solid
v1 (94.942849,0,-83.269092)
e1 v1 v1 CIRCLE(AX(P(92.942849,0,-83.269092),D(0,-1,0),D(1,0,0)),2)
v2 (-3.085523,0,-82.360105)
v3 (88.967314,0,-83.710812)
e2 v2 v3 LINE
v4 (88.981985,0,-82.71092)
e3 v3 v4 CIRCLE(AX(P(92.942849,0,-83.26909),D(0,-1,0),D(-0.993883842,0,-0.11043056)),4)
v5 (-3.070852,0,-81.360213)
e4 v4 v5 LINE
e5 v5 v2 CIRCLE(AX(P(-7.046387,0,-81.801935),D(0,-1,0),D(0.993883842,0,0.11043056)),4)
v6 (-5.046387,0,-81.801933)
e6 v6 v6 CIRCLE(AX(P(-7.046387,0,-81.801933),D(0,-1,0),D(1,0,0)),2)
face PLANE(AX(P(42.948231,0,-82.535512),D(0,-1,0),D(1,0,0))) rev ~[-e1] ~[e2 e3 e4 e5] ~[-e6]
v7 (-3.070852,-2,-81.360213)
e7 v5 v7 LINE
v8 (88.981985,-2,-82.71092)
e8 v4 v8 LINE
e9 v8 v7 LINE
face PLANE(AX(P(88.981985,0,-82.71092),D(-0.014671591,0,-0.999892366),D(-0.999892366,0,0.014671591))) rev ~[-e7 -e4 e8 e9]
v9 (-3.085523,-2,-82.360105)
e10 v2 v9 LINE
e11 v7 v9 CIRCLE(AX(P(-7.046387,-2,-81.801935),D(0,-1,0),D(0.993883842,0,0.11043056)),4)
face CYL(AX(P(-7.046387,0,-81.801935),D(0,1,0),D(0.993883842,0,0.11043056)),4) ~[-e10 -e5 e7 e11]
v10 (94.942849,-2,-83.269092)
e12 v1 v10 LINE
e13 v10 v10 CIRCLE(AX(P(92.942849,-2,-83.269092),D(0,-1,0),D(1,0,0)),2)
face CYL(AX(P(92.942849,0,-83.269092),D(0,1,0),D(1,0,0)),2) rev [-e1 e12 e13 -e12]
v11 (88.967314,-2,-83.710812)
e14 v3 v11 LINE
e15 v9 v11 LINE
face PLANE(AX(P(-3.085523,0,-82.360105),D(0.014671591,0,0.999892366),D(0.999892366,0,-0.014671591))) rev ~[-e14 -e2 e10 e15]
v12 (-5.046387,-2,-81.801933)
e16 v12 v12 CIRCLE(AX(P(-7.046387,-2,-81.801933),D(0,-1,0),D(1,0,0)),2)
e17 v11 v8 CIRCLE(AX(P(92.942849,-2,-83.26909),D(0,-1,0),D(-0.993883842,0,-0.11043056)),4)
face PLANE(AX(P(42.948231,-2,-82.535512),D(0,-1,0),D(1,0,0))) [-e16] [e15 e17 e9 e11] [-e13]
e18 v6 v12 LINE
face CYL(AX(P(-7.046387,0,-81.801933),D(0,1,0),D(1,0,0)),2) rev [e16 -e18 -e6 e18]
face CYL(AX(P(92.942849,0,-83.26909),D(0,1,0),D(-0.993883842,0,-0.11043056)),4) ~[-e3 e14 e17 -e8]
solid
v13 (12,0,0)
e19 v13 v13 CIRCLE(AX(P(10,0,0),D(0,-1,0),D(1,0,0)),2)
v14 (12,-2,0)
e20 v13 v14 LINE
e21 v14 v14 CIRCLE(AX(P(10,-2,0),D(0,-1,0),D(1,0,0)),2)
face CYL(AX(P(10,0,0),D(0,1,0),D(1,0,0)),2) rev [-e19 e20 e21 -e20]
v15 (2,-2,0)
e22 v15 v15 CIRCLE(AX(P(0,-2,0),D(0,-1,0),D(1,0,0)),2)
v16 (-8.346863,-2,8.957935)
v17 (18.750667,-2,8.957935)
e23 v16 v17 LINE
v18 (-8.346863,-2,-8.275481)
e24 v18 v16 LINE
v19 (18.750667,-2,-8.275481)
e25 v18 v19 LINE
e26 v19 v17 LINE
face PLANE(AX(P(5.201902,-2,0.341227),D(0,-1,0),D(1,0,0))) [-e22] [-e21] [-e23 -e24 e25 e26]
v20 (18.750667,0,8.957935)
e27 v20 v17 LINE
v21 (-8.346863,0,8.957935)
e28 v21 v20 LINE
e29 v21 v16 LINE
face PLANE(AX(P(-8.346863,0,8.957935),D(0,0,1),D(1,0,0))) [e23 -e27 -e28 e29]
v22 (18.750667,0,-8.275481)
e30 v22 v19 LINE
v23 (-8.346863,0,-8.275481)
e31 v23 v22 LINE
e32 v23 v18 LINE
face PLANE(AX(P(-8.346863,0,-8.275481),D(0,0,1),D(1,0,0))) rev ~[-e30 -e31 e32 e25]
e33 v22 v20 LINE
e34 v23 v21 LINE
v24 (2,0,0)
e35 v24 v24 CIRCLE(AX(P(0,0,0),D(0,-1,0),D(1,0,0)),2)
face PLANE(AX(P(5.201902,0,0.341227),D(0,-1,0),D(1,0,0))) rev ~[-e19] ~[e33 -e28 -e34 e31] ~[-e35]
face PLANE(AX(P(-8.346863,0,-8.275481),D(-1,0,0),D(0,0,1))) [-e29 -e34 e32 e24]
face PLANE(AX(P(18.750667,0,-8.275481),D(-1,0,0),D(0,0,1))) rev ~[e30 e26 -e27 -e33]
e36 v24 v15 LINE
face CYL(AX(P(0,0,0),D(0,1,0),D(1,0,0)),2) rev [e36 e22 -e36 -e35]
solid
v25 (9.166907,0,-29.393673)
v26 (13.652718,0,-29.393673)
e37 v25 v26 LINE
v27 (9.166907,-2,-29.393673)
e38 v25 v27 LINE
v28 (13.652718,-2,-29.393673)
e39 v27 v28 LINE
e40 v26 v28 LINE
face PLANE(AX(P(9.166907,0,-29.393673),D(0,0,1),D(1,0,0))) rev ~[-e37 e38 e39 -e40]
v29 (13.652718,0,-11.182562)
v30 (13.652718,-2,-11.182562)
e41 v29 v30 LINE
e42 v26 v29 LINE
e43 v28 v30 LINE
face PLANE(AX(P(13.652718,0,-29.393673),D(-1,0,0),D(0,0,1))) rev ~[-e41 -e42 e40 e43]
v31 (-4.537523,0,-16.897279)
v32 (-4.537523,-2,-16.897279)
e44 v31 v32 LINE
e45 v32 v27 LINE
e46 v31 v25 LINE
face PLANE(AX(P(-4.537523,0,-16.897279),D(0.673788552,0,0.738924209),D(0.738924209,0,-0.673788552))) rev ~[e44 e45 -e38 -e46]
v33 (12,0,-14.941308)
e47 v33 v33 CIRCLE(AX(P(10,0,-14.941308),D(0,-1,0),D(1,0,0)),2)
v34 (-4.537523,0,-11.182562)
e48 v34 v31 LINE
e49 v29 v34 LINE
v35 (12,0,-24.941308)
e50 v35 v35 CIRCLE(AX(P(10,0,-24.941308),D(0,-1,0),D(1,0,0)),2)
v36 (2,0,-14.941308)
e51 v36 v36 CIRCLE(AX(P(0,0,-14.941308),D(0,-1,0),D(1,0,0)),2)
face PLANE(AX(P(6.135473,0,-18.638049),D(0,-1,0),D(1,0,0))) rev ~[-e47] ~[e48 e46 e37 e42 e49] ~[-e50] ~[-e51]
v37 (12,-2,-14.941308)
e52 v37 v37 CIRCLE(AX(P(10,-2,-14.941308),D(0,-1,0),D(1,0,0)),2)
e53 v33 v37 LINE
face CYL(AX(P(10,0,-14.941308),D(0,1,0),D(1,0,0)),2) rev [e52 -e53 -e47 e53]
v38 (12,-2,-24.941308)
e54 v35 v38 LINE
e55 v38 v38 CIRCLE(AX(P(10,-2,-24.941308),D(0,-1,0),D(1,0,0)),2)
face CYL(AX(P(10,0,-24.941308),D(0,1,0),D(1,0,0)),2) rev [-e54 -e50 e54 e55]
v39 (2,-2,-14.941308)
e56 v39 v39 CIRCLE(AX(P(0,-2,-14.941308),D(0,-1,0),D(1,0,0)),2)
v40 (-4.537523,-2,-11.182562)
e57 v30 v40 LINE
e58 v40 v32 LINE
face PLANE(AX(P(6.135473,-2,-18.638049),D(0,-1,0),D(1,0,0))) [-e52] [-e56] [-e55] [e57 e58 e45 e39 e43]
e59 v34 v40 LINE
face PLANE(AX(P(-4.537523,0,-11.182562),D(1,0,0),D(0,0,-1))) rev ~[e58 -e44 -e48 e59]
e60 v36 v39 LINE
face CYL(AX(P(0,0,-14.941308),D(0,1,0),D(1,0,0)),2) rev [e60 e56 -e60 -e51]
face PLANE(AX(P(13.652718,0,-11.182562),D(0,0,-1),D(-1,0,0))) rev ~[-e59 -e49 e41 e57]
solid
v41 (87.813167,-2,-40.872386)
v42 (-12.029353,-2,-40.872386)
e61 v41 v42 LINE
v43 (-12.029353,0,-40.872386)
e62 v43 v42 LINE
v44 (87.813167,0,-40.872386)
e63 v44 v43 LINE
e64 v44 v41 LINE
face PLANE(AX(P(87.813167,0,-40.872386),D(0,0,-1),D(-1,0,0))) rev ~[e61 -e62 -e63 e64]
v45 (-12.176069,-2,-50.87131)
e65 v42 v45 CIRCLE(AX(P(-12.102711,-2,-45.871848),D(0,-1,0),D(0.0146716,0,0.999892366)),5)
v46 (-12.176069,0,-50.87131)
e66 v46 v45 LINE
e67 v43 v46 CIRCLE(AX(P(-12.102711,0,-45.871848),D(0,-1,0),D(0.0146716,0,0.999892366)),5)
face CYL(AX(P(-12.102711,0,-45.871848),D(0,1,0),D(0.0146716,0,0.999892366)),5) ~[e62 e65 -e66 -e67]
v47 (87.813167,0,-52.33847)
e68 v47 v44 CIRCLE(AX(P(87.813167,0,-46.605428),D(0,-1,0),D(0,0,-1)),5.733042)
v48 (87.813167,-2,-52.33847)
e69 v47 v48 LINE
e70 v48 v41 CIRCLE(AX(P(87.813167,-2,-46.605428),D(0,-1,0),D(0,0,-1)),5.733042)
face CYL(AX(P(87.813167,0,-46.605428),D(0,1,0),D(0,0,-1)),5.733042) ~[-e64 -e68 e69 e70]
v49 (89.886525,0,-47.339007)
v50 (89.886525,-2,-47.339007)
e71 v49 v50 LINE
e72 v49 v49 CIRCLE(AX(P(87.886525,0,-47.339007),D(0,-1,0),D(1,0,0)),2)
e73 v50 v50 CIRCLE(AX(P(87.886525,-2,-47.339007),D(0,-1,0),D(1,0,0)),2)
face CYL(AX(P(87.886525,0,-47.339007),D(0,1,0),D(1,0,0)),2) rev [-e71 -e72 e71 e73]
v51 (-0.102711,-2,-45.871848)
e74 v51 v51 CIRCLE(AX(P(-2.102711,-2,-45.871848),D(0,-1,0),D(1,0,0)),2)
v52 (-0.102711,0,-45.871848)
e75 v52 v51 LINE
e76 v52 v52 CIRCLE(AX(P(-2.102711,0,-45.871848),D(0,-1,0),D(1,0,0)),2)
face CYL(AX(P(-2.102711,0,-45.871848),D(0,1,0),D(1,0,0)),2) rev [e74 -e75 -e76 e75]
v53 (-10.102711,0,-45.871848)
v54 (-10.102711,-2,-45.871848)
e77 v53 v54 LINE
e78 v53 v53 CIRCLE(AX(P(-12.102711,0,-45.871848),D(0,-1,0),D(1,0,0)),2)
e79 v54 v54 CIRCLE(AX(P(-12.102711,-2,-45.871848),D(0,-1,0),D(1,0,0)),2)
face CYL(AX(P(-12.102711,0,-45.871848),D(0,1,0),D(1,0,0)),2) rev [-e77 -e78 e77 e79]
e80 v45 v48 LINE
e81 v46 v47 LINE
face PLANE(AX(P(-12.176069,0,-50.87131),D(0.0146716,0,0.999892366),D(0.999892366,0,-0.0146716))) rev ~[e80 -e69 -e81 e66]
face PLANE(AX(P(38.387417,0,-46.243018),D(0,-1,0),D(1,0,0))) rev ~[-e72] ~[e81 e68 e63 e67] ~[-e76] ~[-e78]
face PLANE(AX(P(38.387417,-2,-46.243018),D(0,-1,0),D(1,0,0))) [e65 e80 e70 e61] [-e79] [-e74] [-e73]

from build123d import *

# Parameters (mm, degrees)
F0_W     = 27.097531
F0_H     = 17.233416
F0_R     = 2
F1_DEPTH = 2
F2_R     = 2
F3_DEPTH = 2
F4_R     = 2
F5_DEPTH = 2
F6_R     = 2
F7_DEPTH = 2


with BuildPart() as f1:
    # F0 (on Front) → F1 (new body)
    with BuildSketch(Plane.XZ):
        with Locations((5.201902, 0.341227)):
            Rectangle(F0_W, F0_H)
        Circle(F0_R, mode=Mode.SUBTRACT)
        with Locations((10, 0)):
            Circle(F0_R, mode=Mode.SUBTRACT)
    extrude(amount=F1_DEPTH)


with BuildPart() as f3:
    # F2 (on Front) → F3 (new body)
    with BuildSketch(Plane.XZ):
        Polygon((13.652718, -11.182562), (-4.537523, -11.182562), (-4.537523, -16.897279), (9.166907, -29.393673), (13.652718, -29.393673), align=None)
        with Locations((10, -24.941308)):
            Circle(F2_R, mode=Mode.SUBTRACT)
        with Locations((0, -14.941308)):
            Circle(F2_R, mode=Mode.SUBTRACT)
        with Locations((10, -14.941308)):
            Circle(F2_R, mode=Mode.SUBTRACT)
    extrude(amount=F3_DEPTH)


with BuildPart() as f5:
    # F4 (on Front) → F5 (new body)
    with BuildSketch(Plane.XZ):
        with BuildLine():
            Line((87.813167, -40.872386), (-12.029353, -40.872386))
            ThreePointArc((-12.029353, -40.872386), (-17.102173, -45.79849), (-12.176069, -50.87131))
            Line((-12.176069, -50.87131), (87.813167, -52.33847))
            ThreePointArc((87.813167, -52.33847), (93.546209, -46.605428), (87.813167, -40.872386))
        make_face()
        with Locations((87.886525, -47.339007)):
            Circle(F4_R, mode=Mode.SUBTRACT)
        with Locations((-12.102711, -45.871848)):
            Circle(F4_R, mode=Mode.SUBTRACT)
        with Locations((-2.102711, -45.871848)):
            Circle(F4_R, mode=Mode.SUBTRACT)
    extrude(amount=F5_DEPTH)


with BuildPart() as f7:
    # F6 (on Front) → F7 (new body)
    with BuildSketch(Plane.XZ):
        with BuildLine():
            ThreePointArc((88.967314, -83.710812), (96.942419, -83.327779), (88.981985, -82.71092))
            Line((88.981985, -82.71092), (-3.070852, -81.360213))
            ThreePointArc((-3.070852, -81.360213), (-11.045957, -81.743246), (-3.085523, -82.360105))
            Line((-3.085523, -82.360105), (88.967314, -83.710812))
        make_face()
        with Locations((92.942849, -83.269092)):
            Circle(F6_R, mode=Mode.SUBTRACT)
        with Locations((-7.046387, -81.801933)):
            Circle(F6_R, mode=Mode.SUBTRACT)
    extrude(amount=F7_DEPTH)


solid = Compound([f1.part, f3.part, f5.part, f7.part])
